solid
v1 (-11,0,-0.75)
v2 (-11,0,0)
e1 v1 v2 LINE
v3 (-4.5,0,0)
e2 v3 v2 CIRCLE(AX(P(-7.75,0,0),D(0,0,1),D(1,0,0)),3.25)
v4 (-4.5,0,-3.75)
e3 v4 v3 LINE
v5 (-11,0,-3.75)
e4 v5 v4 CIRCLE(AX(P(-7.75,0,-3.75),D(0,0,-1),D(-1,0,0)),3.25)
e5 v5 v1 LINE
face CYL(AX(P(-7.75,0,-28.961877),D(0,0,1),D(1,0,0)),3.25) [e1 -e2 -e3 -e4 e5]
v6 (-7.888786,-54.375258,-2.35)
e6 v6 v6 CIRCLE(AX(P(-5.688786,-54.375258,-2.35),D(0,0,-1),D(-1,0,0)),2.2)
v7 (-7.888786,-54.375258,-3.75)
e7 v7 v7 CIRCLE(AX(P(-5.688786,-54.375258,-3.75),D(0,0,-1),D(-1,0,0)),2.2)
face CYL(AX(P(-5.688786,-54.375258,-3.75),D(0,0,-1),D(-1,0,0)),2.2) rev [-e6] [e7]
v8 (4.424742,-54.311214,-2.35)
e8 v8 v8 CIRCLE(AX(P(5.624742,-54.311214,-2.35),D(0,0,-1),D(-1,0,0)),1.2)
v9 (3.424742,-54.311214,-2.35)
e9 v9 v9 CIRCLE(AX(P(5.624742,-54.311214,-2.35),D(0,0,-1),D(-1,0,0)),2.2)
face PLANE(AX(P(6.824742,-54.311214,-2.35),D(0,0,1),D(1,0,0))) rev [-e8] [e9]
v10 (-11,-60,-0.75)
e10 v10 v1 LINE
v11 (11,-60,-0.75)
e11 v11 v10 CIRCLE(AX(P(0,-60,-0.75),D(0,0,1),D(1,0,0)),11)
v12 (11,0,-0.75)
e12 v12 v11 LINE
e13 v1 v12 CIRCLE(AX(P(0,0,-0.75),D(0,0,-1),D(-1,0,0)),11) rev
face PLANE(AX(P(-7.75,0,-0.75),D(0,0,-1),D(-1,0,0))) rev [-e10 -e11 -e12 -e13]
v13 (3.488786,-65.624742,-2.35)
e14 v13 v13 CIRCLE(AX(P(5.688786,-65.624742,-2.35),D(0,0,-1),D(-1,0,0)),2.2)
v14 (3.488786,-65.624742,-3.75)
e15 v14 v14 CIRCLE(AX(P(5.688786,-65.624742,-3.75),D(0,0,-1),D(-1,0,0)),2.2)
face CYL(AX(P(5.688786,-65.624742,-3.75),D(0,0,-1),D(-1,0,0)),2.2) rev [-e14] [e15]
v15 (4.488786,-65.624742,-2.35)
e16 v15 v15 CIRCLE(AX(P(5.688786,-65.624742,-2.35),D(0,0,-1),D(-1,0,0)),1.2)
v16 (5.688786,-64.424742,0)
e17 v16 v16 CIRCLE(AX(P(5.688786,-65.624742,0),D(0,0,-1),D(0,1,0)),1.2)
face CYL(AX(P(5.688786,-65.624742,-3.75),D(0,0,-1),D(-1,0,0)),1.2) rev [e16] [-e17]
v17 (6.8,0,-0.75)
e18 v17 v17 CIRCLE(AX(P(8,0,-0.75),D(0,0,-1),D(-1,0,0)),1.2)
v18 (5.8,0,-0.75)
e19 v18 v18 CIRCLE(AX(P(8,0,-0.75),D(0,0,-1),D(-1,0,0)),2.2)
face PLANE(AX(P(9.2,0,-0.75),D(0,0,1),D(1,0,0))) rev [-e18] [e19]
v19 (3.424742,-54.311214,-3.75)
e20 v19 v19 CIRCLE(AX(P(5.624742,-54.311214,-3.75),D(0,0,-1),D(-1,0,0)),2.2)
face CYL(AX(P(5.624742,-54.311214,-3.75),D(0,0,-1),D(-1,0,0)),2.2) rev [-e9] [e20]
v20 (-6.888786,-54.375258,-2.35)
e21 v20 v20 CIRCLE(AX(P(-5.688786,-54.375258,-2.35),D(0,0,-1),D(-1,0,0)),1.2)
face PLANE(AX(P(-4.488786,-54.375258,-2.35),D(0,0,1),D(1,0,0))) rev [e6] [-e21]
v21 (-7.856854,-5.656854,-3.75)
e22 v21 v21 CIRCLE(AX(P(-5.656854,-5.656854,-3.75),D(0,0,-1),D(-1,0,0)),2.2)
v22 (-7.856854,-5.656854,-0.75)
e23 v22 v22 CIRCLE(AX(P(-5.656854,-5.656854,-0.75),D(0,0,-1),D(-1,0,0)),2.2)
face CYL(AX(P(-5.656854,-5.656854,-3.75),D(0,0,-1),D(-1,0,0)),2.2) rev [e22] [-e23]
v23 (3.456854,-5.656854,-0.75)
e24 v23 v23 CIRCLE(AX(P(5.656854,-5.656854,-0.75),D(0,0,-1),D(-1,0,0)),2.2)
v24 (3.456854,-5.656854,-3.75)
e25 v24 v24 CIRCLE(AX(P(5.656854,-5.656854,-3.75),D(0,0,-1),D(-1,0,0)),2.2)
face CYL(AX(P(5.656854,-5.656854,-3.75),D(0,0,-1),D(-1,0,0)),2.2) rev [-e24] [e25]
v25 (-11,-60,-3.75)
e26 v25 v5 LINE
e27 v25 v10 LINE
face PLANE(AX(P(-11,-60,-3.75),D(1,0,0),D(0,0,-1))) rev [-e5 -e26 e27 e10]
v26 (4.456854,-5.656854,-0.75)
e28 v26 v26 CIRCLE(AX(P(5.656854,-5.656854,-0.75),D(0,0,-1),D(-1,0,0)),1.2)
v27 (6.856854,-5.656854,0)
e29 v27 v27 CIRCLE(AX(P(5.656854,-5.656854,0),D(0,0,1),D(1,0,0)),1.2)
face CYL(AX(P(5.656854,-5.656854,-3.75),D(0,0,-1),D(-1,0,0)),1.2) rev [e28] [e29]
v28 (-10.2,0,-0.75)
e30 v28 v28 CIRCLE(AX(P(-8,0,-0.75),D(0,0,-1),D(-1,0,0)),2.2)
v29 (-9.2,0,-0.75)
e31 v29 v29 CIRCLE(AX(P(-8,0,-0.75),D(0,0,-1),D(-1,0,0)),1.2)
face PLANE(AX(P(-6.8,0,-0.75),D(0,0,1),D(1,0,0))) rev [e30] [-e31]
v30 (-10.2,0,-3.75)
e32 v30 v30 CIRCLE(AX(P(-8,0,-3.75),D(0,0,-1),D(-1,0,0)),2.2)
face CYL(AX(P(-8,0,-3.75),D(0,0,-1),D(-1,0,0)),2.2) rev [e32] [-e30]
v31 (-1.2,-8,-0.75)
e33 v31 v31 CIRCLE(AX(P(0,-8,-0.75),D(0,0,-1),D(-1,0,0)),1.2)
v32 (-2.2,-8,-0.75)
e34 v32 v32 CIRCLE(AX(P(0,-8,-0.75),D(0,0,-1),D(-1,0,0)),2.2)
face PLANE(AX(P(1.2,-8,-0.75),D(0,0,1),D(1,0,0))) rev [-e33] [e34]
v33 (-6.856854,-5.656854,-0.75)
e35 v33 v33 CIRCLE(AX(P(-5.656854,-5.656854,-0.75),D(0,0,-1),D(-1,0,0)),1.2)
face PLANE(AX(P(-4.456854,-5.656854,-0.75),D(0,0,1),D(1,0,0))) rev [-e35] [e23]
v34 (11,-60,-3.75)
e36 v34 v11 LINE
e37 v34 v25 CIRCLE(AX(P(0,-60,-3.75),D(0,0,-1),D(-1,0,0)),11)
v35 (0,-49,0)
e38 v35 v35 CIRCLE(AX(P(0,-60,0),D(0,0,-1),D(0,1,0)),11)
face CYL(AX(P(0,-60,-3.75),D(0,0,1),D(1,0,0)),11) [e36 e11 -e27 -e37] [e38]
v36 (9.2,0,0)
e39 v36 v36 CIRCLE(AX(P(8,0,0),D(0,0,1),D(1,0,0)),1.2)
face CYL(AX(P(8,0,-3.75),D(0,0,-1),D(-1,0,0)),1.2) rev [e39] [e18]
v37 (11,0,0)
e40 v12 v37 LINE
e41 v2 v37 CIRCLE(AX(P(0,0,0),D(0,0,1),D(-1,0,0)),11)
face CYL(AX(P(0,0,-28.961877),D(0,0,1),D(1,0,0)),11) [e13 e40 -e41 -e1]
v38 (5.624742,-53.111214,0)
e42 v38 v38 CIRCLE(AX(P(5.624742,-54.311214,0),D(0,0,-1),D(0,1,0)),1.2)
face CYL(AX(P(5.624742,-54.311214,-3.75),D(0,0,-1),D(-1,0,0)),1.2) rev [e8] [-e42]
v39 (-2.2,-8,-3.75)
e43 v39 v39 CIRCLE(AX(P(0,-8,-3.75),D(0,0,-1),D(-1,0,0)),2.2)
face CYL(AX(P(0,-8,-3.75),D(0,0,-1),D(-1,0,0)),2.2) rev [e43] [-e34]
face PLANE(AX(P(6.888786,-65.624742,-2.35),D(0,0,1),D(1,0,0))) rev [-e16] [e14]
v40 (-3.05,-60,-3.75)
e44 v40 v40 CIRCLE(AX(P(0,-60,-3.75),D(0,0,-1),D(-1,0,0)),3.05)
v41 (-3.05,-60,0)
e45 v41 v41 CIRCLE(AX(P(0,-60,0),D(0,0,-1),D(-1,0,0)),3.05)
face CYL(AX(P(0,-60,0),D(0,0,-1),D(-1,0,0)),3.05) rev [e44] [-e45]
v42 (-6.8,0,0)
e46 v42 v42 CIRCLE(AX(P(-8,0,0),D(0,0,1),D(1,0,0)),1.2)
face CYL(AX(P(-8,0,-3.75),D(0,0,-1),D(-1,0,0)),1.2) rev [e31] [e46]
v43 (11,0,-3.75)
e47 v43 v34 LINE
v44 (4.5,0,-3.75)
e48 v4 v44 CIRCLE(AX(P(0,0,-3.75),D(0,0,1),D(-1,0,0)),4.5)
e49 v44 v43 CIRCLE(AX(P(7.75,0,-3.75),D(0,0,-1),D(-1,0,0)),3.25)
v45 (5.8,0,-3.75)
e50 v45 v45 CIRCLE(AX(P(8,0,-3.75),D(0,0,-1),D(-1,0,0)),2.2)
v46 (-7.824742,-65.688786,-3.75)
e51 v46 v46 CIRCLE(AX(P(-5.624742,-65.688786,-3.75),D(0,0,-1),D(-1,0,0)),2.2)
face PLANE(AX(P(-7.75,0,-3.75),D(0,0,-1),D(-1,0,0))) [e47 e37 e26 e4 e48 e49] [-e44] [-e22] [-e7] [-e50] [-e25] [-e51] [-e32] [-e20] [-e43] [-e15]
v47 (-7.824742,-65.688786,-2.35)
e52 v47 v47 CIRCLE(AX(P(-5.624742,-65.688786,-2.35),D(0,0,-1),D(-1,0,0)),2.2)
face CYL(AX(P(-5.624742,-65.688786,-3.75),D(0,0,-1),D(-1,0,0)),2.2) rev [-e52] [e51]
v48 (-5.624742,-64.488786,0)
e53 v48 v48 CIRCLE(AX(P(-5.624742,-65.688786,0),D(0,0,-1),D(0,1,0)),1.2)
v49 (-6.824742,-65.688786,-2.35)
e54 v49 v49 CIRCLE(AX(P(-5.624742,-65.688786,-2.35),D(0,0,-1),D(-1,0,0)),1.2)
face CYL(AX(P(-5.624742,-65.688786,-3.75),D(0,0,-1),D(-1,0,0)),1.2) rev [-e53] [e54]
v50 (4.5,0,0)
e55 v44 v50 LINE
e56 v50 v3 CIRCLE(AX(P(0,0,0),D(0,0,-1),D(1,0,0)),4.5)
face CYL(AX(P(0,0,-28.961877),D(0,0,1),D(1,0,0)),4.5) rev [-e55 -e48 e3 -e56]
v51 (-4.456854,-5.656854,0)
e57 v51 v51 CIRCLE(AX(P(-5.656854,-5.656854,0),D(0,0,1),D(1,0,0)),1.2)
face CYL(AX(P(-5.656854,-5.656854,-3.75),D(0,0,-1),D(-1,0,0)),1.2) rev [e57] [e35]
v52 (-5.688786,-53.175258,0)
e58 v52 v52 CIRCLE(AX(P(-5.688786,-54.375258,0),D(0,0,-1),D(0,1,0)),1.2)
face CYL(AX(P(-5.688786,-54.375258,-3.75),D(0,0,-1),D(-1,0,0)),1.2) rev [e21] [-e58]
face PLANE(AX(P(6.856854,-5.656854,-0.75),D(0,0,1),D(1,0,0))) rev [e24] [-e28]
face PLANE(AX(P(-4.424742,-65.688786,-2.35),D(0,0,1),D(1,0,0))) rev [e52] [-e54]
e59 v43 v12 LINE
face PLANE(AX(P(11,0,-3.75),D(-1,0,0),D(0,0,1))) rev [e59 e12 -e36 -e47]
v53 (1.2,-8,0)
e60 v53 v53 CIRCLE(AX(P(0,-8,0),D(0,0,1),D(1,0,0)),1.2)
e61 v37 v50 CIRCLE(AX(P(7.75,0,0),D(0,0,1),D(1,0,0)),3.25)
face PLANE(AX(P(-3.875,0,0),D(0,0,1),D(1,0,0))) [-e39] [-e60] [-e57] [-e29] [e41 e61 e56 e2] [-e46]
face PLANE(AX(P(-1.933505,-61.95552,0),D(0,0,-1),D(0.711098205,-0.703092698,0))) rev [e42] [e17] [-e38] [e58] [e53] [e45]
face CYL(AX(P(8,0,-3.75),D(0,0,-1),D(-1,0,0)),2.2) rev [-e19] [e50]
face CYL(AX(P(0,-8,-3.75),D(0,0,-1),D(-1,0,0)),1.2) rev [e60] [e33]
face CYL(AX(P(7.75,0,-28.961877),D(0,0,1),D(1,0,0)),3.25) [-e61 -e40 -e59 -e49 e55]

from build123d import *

# Parameters (mm, degrees)
RESSALTO_EXTRUS_O1_DEPTH                             = 0.75
RESSALTO_EXTRUS_O2_DEPTH                             = 3
REBAIXO_PARA_SHCS_M21_D                              = 2.4
REBAIXO_PARA_SHCS_M21_CBORE_D                        = 4.4
REBAIXO_PARA_SHCS_M21_CBORE_DEPTH                    = 3
RESSALTO_EXTRUS_O3_START                             = 0.75
ESBO_O4_R                                            = 11
RESSALTO_EXTRUS_O3_DEPTH                             = 0.75
ESBO_O5_R                                            = 3.05
CORTE_EXTRUS_O1_DEPTH                                = 72.944857356
REBAIXO_PARA_PARAFUSO_COM_CABE_A_REDONDA_D           = 2.4
REBAIXO_PARA_PARAFUSO_COM_CABE_A_REDONDA_CBORE_D     = 4.4
REBAIXO_PARA_PARAFUSO_COM_CABE_A_REDONDA_CBORE_DEPTH = 1.4
PADR_OCIRCULAR1_COUNT                                = 4


with BuildPart() as part:
    # Esboço1 → Ressalto-extrusão1 (new body)
    with BuildSketch(Plane.XY):
        with BuildLine():
            ThreePointArc((-4.5, 0), (0, -4.5), (4.5, 0))
            ThreePointArc((4.5, 0), (7.75, 3.25), (11, 0))
            ThreePointArc((11, 0), (0, -11), (-11, 0))
            ThreePointArc((-11, 0), (-7.75, 3.25), (-4.5, 0))
        make_face()
    extrude(amount=-RESSALTO_EXTRUS_O1_DEPTH)

    # Esboço3 → Ressalto-extrusão2 (add)
    with BuildSketch(Plane(origin=(0, 0, -0.75), x_dir=(-1, 0, 0), z_dir=(0, 0, -1))):
        with BuildLine():
            Line((-11, 0), (-11, -60))
            ThreePointArc((-11, -60), (0, -71), (11, -60))
            Line((11, -60), (11, 0))
            ThreePointArc((11, 0), (7.75, 3.25), (4.5, 0))
            ThreePointArc((4.5, 0), (0, -4.5), (-4.5, 0))
            ThreePointArc((-4.5, 0), (-7.75, 3.25), (-11, 0))
        make_face()
    extrude(amount=RESSALTO_EXTRUS_O2_DEPTH)

    # Rebaixo para SHCS M21 (through all)
    with Locations(Plane(origin=(0, 0, -3.75), x_dir=(-1, 0, 0), z_dir=(0, 0, -1))):
        with Locations((-8, 0), (-5.656854249, -5.656854249), (0, -8), (5.656854249, -5.656854249), (8, 0)):
            CounterBoreHole(REBAIXO_PARA_SHCS_M21_D / 2, REBAIXO_PARA_SHCS_M21_CBORE_D / 2, REBAIXO_PARA_SHCS_M21_CBORE_DEPTH)

    # Esboço4 → Ressalto-extrusão3 (add)
    with BuildSketch(Plane.XY.offset(-0.75).offset(RESSALTO_EXTRUS_O3_START)):
        with Locations((0, -60)):
            Circle(ESBO_O4_R)
    extrude(amount=-RESSALTO_EXTRUS_O3_DEPTH)

    # Esboço5 → Corte-extrusão1 (cut, through all)
    with BuildSketch(Plane(origin=(0, 0, -3.75), x_dir=(-1, 0, 0), z_dir=(0, 0, -1))):
        with Locations((0, -60)):
            Circle(ESBO_O5_R)
    extrude(amount=-CORTE_EXTRUS_O1_DEPTH, mode=Mode.SUBTRACT)

    # Rebaixo para parafuso com cabeça redonda de M21 (through all)
    with Locations(Plane(origin=(0, 0, -3.75), x_dir=(-1, 0, 0), z_dir=(0, 0, -1))):
        with Locations((5.624741587, -65.688785642)):
            rebaixo_para_parafuso_com_cabe_a_redonda = CounterBoreHole(REBAIXO_PARA_PARAFUSO_COM_CABE_A_REDONDA_D / 2, REBAIXO_PARA_PARAFUSO_COM_CABE_A_REDONDA_CBORE_D / 2, REBAIXO_PARA_PARAFUSO_COM_CABE_A_REDONDA_CBORE_DEPTH)

    # PadrãoCircular1: Rebaixo para parafuso com cabeça redonda de M21 ×4 about axis
    padr_ocircular1_axis = Axis((0, -60, 0), (0, 0, 1))
    for i in range(1, PADR_OCIRCULAR1_COUNT):
        add(rebaixo_para_parafuso_com_cabe_a_redonda.rotate(padr_ocircular1_axis, i * 360 / PADR_OCIRCULAR1_COUNT), mode=Mode.SUBTRACT)


solid = part.part
